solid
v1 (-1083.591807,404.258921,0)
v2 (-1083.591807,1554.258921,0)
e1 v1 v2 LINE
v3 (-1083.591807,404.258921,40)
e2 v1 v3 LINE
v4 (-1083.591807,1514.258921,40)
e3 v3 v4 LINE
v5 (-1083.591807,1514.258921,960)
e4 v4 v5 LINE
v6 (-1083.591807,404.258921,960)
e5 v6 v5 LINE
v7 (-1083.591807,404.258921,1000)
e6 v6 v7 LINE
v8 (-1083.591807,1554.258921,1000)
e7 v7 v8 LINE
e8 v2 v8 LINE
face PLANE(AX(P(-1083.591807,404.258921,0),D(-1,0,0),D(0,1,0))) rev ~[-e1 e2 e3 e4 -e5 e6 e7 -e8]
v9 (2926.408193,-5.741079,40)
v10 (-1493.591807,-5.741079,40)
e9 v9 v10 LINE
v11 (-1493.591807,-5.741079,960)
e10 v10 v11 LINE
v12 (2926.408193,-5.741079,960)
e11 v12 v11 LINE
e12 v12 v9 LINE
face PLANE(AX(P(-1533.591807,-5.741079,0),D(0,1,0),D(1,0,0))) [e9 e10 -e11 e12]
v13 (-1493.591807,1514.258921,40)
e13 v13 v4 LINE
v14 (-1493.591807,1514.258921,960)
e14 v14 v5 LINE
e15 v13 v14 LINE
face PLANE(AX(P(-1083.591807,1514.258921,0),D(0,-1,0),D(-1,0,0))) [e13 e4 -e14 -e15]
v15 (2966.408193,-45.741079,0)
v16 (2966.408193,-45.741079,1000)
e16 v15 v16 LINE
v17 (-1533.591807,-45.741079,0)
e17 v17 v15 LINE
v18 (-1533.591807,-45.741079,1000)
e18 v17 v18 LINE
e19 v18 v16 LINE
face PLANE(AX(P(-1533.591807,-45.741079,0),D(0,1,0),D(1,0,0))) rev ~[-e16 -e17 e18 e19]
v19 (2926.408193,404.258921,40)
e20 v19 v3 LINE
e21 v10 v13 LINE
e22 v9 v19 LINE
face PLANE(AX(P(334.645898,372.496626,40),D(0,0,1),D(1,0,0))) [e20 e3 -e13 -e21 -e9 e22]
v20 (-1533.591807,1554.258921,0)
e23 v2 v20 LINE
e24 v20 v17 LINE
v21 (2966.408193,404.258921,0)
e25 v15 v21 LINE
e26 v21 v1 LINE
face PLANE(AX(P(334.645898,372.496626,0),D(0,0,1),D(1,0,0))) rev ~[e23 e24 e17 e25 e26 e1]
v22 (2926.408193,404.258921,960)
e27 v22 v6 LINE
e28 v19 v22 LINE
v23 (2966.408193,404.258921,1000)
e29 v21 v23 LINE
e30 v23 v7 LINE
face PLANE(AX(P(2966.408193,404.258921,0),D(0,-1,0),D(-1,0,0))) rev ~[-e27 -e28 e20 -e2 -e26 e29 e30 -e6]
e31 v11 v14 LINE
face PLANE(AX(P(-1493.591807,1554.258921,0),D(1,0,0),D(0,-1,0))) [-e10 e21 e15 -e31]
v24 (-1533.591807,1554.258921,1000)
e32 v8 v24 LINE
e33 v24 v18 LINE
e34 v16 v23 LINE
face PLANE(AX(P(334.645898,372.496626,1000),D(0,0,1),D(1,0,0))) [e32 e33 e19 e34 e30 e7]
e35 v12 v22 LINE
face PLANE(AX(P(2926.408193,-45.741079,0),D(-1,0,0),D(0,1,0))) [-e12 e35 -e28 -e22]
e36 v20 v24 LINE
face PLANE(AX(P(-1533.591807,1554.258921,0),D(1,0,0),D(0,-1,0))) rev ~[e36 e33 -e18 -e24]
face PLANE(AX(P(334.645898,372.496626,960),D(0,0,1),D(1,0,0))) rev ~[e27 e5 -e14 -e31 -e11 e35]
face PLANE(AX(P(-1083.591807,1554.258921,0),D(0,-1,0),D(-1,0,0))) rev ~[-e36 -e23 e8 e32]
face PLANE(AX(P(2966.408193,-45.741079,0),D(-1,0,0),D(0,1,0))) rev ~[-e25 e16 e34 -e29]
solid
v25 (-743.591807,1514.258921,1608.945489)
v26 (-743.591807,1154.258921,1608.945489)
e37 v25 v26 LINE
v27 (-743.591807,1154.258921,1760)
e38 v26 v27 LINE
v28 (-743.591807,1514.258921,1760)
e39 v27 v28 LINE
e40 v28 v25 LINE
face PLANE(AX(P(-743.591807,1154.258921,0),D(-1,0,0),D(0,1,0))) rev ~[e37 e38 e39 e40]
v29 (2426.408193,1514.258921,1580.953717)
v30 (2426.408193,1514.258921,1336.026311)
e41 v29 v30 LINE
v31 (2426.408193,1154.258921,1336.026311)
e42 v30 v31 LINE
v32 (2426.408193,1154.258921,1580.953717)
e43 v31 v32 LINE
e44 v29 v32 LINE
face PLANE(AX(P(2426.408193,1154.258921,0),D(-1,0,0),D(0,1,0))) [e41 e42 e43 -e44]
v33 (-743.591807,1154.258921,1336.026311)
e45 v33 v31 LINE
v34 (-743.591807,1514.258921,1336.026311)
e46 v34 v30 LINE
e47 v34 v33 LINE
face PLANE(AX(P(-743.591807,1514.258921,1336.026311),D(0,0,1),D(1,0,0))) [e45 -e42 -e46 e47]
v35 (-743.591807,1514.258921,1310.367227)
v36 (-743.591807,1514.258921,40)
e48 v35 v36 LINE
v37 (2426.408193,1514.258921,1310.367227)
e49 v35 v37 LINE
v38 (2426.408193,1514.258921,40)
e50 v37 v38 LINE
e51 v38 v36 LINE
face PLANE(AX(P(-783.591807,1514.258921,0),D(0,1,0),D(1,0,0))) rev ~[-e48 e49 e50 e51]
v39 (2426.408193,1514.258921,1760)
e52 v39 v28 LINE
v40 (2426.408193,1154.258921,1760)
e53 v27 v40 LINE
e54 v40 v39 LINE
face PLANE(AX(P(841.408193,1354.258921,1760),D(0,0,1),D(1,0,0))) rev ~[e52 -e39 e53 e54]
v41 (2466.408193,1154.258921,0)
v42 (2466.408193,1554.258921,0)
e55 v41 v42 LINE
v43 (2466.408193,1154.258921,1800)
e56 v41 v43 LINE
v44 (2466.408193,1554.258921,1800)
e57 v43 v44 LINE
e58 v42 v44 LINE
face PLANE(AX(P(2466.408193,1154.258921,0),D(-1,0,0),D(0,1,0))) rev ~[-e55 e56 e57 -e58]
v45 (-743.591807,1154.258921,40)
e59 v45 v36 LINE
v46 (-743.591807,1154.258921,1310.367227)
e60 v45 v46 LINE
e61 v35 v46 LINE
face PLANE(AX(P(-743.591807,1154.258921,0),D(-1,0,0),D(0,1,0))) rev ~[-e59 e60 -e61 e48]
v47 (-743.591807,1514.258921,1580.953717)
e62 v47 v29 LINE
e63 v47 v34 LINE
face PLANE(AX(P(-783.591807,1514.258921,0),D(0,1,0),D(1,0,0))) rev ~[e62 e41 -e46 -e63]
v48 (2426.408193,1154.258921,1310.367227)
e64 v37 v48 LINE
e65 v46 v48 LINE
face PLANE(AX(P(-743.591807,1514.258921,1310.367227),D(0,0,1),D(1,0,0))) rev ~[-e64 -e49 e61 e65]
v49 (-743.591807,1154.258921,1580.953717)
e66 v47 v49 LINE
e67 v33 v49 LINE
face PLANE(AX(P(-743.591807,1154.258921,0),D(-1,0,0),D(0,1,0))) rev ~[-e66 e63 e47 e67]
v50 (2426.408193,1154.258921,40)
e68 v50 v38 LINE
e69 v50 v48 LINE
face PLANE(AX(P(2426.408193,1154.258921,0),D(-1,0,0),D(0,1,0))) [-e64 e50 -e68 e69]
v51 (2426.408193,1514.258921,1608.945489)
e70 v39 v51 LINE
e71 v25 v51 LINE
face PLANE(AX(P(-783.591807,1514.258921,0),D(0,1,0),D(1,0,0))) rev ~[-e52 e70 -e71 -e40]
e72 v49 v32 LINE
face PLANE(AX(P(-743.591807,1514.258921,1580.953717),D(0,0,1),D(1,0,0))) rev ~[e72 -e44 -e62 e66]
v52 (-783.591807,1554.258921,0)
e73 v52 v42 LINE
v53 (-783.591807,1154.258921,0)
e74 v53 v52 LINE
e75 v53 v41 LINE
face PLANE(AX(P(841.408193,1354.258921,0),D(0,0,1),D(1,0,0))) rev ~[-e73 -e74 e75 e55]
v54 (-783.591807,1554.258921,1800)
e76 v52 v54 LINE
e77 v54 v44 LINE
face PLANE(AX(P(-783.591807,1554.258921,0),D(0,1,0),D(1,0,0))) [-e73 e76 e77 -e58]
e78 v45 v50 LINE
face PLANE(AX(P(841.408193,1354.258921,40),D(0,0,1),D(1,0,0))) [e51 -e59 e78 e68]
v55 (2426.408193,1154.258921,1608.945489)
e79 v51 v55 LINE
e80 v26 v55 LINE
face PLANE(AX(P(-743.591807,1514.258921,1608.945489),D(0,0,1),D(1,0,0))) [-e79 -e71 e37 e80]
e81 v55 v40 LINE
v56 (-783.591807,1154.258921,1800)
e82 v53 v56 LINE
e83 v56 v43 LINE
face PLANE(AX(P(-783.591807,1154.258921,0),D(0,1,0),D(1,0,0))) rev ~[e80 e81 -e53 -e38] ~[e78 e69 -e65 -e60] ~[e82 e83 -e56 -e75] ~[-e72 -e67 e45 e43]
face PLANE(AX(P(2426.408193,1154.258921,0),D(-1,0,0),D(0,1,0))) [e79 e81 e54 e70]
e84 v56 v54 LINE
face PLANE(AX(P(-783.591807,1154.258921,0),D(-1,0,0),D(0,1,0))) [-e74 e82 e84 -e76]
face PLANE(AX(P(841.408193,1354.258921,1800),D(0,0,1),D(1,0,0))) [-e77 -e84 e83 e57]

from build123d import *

# Parameters (mm, degrees)
F1_DEPTH = 1000
F0_W     = 3250
F0_H     = 400
F2_DEPTH = 1800
F3_T     = -40
F4_T     = -40
F5_W     = 3170
F5_H     = 25.659084
F5_H_2   = 27.991772
F6_DEPTH = 360


with BuildPart() as f1:
    # F0 (on Top) → F1 (new body)
    with BuildSketch(Plane.XY):
        Polygon((2966.408193, 404.258921), (-1083.591807, 404.258921), (-1083.591807, 1554.258921), (-1533.591807, 1554.258921), (-1533.591807, 404.258921), (-1533.591807, -45.741079), (2966.408193, -45.741079), align=None)
    extrude(amount=F1_DEPTH)

    # F4
    f4_openings = [f1.faces().sort_by_distance(p)[0] for p in [
        (941.408193, 404.258921, 500),
        (-1083.591807, 979.258921, 500),
    ]]
    offset(amount=F4_T, openings=f4_openings)


with BuildPart() as f2:
    # F0 (on Top) → F2 (new body)
    with BuildSketch(Plane.XY):
        with Locations((841.408193, 1354.258921)):
            Rectangle(F0_W, F0_H)
    extrude(amount=F2_DEPTH)

    # F3
    f3_openings = [f2.faces().sort_by_distance(p)[0] for p in [
        (841.408193, 1154.258921, 900),
    ]]
    offset(amount=F3_T, openings=f3_openings)

    # F5 (on face) → F6 (join)
    with BuildSketch(Plane.XZ.offset(-1514.258921)):
        with Locations((841.408193, 1323.196769)):
            Rectangle(F5_W, F5_H)
        with Locations((841.408193, 1594.949603)):
            Rectangle(F5_W, F5_H_2)
    extrude(amount=F6_DEPTH)


solid = Compound([f1.part, f2.part])
